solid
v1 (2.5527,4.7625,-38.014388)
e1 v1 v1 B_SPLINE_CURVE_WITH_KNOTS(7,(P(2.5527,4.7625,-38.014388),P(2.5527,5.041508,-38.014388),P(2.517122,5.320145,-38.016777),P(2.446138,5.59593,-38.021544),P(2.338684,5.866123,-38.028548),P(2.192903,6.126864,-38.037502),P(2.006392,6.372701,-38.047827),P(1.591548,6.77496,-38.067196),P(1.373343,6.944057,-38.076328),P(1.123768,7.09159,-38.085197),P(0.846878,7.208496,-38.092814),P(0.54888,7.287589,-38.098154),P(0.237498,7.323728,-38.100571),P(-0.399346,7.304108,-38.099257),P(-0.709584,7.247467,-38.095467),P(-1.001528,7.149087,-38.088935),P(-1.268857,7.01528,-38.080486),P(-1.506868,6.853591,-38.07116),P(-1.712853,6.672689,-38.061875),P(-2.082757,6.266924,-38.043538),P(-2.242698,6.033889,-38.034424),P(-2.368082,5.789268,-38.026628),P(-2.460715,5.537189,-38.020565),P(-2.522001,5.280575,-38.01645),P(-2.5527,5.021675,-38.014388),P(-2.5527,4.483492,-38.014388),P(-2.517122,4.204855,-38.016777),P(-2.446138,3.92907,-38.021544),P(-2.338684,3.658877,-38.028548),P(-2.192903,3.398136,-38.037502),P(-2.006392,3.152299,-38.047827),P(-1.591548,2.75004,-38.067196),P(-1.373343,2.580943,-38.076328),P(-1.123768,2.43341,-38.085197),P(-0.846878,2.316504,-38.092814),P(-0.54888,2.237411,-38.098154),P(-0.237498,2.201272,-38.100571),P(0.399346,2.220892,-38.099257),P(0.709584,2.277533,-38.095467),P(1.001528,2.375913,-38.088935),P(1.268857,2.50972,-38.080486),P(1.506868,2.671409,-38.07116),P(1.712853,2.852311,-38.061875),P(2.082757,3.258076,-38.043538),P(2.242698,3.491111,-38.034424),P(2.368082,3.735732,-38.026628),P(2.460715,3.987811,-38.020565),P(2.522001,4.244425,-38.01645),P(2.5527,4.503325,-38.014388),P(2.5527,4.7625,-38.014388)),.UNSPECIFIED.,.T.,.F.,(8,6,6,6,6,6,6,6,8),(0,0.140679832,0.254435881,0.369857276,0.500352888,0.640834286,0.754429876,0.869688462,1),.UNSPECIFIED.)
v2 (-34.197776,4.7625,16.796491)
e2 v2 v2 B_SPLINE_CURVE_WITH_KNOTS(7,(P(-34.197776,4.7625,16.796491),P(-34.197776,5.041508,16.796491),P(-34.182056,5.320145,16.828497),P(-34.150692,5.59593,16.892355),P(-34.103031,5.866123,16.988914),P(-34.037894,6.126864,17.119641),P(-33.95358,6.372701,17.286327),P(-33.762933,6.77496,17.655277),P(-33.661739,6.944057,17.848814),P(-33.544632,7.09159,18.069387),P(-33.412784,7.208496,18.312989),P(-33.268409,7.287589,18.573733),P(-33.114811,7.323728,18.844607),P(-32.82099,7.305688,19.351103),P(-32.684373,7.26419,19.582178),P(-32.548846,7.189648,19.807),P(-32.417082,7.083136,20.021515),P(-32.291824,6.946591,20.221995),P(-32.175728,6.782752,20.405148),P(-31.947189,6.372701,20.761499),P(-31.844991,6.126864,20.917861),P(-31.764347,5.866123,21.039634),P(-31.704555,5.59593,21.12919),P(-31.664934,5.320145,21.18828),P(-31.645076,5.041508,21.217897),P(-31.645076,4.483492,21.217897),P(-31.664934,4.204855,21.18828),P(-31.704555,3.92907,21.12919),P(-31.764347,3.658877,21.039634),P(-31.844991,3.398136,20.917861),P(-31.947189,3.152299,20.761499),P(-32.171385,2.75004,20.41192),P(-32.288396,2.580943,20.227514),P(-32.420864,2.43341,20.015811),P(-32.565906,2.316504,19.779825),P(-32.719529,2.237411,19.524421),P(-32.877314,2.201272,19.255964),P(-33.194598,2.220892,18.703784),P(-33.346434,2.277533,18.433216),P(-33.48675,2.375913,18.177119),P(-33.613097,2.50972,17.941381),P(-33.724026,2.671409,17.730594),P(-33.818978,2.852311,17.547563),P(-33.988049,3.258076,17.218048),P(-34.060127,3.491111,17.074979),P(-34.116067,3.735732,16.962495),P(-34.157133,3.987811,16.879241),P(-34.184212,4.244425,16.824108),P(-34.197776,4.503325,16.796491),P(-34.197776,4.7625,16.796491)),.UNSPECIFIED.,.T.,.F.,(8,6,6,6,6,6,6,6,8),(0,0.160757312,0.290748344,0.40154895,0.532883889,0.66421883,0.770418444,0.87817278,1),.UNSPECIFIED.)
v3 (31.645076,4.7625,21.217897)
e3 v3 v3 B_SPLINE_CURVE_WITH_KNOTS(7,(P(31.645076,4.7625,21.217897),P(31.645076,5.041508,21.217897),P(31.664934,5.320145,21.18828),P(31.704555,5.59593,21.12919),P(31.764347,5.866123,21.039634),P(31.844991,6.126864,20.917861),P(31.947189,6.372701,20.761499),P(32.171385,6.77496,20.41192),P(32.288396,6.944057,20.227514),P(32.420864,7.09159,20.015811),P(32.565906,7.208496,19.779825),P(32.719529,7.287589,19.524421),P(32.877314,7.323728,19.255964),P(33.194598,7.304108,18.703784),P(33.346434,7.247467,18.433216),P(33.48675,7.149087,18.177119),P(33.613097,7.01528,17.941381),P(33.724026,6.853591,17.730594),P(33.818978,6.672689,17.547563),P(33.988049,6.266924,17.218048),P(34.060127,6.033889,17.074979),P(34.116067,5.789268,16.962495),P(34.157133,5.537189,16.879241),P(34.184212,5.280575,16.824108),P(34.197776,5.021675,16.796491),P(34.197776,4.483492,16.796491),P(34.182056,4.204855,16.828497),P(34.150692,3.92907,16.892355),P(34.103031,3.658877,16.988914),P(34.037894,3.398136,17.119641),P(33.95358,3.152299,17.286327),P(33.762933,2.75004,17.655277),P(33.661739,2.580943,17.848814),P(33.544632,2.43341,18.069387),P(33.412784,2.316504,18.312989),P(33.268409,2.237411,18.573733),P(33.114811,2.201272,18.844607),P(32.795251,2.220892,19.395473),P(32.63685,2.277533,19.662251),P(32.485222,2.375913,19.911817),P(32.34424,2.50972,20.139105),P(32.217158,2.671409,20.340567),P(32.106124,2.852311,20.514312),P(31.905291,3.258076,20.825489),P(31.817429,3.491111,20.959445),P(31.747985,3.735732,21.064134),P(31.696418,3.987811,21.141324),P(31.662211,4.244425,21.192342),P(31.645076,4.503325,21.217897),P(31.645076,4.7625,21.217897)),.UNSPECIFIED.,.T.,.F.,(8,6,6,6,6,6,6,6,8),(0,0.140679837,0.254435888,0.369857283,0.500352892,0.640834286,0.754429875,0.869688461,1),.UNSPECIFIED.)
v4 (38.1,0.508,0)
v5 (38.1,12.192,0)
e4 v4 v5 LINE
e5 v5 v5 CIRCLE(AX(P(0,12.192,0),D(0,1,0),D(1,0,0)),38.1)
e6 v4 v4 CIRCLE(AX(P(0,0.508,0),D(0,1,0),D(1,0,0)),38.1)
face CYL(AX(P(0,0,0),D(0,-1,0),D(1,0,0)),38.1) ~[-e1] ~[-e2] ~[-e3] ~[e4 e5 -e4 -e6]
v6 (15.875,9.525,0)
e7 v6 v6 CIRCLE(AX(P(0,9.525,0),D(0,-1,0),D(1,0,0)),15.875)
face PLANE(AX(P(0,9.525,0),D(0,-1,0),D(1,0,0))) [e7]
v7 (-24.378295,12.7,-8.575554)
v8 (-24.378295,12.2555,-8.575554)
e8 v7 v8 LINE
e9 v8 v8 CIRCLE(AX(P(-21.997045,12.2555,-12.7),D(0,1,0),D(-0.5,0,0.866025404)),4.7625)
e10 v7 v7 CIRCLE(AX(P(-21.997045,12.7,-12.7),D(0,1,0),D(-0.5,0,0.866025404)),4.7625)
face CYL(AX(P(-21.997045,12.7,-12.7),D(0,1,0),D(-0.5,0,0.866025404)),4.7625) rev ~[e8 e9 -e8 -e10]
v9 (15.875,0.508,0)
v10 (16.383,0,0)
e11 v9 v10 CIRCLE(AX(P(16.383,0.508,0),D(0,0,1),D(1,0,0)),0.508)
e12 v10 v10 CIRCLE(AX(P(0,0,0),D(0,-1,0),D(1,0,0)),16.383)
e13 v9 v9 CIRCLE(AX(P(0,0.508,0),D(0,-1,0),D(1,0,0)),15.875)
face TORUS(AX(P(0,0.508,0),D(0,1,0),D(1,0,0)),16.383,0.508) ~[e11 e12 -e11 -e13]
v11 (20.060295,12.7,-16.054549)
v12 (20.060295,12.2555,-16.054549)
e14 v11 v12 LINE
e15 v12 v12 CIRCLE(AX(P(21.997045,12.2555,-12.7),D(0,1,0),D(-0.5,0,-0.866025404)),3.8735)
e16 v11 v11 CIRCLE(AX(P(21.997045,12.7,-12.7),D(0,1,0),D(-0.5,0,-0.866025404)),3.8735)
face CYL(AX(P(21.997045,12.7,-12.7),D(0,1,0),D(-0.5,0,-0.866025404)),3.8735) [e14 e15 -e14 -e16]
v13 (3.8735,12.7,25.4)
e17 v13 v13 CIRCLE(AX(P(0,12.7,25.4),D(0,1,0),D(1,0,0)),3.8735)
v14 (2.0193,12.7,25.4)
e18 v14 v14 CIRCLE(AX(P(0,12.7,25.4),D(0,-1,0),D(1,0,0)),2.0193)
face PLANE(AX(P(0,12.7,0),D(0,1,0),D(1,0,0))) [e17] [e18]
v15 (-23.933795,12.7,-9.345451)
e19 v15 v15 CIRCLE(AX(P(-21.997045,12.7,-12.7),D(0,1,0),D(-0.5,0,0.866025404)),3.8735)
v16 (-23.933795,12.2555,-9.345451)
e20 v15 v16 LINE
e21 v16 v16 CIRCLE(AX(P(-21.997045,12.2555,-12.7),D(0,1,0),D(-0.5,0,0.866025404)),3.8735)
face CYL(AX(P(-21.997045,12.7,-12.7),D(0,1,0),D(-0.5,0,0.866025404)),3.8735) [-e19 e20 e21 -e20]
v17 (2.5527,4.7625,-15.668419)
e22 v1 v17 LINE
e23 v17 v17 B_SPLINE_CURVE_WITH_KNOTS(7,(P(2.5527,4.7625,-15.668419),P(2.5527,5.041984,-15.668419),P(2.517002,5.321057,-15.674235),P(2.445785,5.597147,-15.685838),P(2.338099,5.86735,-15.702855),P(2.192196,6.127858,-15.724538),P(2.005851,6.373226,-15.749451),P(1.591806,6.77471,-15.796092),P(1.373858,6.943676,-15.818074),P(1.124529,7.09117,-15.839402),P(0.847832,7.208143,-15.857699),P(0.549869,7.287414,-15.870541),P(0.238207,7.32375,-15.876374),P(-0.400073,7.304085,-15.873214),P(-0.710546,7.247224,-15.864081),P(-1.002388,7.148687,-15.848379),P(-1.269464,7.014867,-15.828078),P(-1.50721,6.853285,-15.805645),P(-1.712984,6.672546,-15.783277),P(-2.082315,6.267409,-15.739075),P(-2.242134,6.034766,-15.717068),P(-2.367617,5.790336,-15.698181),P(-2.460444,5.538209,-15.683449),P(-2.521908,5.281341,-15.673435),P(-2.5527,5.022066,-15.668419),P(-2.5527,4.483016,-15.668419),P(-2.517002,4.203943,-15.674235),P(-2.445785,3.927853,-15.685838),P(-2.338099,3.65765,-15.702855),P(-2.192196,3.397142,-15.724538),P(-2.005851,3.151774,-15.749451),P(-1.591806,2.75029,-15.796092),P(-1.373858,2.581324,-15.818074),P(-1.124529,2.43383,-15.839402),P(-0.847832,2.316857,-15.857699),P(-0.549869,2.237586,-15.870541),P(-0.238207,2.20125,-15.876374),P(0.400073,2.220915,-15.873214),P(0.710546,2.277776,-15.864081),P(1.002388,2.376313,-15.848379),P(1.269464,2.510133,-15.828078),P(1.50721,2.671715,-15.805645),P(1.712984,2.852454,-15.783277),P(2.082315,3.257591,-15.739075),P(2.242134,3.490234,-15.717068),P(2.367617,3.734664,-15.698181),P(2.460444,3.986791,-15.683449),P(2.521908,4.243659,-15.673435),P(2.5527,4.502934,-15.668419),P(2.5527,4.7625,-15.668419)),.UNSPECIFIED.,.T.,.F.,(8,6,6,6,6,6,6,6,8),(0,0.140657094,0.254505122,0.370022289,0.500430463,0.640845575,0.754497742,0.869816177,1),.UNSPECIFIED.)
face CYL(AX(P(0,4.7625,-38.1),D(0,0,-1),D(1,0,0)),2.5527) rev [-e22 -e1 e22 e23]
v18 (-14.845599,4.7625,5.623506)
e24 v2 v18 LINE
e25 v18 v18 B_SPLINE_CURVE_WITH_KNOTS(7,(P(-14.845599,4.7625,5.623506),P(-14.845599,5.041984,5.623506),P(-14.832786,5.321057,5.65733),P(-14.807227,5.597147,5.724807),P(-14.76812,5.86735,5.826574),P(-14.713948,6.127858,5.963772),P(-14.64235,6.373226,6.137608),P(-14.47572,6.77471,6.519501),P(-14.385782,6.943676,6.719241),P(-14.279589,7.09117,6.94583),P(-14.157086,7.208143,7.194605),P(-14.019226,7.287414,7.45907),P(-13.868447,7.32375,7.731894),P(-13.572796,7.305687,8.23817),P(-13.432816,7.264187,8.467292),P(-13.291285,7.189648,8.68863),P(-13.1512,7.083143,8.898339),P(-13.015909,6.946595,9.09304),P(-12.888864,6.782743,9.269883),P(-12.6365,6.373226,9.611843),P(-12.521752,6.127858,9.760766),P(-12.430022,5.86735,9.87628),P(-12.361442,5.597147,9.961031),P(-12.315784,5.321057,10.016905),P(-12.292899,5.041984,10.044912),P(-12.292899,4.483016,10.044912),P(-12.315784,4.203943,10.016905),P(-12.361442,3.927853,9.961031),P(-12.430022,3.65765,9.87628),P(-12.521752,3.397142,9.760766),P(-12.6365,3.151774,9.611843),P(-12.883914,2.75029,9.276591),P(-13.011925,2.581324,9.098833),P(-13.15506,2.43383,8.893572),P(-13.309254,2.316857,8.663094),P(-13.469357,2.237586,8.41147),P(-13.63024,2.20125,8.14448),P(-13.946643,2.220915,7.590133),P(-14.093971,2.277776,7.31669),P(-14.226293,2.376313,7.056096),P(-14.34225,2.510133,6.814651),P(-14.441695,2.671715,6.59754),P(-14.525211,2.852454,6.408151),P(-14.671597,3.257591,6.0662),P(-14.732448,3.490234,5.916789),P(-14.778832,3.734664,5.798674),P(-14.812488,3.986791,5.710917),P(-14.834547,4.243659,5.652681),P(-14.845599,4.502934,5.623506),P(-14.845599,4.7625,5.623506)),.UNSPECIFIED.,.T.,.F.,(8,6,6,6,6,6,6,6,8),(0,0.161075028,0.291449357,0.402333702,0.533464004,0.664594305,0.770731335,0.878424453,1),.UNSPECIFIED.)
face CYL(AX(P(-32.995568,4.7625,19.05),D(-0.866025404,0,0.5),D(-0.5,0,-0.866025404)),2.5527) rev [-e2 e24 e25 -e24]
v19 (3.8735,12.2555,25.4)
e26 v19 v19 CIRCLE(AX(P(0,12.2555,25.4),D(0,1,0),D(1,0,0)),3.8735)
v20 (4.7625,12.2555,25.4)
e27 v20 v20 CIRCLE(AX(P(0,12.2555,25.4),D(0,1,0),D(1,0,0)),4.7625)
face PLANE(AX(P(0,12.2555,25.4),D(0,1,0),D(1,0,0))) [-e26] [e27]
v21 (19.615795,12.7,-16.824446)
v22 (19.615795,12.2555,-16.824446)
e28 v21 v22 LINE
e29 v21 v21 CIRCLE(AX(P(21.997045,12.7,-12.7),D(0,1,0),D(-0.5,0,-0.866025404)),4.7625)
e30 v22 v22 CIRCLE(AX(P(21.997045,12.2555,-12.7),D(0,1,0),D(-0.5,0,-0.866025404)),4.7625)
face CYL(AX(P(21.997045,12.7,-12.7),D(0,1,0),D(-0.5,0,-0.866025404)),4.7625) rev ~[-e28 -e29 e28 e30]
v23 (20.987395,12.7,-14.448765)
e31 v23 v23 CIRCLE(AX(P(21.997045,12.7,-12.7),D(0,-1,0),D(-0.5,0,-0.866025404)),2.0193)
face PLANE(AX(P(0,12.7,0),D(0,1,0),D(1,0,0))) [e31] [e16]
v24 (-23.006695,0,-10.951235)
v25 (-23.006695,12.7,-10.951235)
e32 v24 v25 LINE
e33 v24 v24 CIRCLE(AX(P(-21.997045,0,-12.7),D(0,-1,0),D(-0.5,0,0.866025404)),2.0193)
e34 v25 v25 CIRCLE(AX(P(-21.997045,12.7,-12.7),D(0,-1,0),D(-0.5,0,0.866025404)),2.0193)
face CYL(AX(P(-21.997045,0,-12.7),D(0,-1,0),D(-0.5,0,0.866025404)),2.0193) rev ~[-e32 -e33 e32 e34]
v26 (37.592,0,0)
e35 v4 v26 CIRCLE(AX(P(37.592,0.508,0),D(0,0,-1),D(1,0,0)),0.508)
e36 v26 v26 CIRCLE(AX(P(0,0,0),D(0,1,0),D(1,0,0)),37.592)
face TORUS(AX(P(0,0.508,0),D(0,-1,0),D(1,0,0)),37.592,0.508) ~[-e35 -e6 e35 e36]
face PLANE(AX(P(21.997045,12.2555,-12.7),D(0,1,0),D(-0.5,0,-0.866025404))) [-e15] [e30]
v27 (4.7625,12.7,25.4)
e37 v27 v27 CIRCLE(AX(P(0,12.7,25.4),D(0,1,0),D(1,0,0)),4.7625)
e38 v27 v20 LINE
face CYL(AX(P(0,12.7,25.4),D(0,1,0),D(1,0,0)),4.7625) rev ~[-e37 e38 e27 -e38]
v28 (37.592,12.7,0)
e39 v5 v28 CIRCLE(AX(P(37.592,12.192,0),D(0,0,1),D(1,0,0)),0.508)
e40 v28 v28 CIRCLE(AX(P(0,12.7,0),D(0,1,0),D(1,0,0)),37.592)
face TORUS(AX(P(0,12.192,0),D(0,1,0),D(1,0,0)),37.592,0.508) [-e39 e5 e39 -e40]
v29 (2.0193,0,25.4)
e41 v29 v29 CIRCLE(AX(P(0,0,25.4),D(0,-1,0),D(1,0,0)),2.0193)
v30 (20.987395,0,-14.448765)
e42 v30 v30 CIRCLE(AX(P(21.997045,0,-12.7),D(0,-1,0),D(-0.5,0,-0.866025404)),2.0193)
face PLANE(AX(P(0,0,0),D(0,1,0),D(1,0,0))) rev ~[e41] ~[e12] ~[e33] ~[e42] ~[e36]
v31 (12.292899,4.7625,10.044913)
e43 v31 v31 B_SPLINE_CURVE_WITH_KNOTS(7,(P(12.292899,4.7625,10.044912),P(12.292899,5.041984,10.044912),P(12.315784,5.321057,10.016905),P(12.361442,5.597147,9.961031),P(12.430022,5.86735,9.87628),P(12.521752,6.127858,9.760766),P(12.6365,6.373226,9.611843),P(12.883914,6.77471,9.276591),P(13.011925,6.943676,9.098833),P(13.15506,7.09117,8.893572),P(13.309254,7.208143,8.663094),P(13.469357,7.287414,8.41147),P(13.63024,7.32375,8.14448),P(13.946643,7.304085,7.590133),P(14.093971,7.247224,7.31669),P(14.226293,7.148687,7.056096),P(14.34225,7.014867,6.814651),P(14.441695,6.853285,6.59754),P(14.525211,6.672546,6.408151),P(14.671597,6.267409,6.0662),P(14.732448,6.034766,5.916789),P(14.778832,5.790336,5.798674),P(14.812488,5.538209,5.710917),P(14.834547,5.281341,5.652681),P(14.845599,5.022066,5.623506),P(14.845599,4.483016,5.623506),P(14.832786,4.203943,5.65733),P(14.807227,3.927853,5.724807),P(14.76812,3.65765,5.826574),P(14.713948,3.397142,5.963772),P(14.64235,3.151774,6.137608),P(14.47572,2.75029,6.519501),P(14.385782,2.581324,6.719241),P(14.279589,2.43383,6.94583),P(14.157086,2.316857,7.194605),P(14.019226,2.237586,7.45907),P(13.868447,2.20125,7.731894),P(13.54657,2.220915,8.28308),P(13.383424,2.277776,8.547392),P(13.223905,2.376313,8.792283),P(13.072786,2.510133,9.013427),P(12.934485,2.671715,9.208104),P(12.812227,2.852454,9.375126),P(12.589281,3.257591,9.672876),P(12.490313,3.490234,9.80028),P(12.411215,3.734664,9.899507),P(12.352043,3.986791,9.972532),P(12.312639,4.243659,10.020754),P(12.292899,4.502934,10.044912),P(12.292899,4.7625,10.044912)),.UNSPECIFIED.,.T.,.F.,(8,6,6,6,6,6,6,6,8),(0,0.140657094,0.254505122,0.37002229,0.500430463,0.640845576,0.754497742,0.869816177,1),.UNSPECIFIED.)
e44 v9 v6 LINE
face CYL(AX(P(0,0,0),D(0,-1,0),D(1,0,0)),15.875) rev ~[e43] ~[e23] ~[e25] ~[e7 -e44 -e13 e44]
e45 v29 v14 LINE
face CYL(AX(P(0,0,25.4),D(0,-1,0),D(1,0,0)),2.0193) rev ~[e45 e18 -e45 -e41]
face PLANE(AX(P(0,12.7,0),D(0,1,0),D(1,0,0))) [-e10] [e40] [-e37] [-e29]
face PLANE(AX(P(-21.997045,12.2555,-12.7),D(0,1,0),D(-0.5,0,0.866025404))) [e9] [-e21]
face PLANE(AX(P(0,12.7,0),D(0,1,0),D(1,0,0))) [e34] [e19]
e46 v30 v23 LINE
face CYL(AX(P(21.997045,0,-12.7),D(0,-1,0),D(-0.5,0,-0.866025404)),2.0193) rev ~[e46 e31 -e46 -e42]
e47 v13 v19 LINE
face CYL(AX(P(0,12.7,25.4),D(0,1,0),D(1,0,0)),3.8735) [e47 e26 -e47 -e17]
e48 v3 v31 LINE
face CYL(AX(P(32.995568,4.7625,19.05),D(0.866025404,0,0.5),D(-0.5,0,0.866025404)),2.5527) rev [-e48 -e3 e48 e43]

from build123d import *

# Parameters (mm, degrees)
SKETCH1_R           = 38.1
BOSS_EXTRUDE1_DEPTH = 12.7
SKETCH2_R           = 15.875
CUT_EXTRUDE1_DEPTH  = 9.525
SKETCH3_R           = 2.0193
CUT_EXTRUDE2_DEPTH  = 12.7
CIRPATTERN1_COUNT   = 3
CUT_EXTRUDE3_START  = -38.1
SKETCH4_R           = 2.5527
CUT_EXTRUDE3_DEPTH  = 22.431581
CIRPATTERN2_COUNT   = 3
FILLET1_R           = 0.508
SKETCH5_R           = 4.7625
SKETCH5_R_2         = 3.8735
CUT_EXTRUDE4_DEPTH  = 0.4445
CIRPATTERN3_COUNT   = 3


with BuildPart() as part:
    # Sketch1 → Boss-Extrude1 (new body)
    with BuildSketch(Plane(origin=(0, 0, 0), x_dir=(1, 0, 0), z_dir=(0, 1, 0))):
        Circle(SKETCH1_R)
    extrude(amount=BOSS_EXTRUDE1_DEPTH)

    # Sketch2 → Cut-Extrude1 (cut)
    with BuildSketch(Plane.XZ):
        Circle(SKETCH2_R)
    extrude(amount=-CUT_EXTRUDE1_DEPTH, mode=Mode.SUBTRACT)

    # Sketch3 → Cut-Extrude2 (cut)
    with BuildSketch(Plane.XZ):
        with Locations((0, 25.4)):
            Circle(SKETCH3_R)
    cut_extrude2 = extrude(amount=-CUT_EXTRUDE2_DEPTH, mode=Mode.SUBTRACT)

    # CirPattern1: Cut-Extrude2 ×3 about axis
    cirpattern1_axis = Axis((0, 0, 0), (0, 1, 0))
    for i in range(1, CIRPATTERN1_COUNT):
        add(cut_extrude2.rotate(cirpattern1_axis, i * 360 / CIRPATTERN1_COUNT), mode=Mode.SUBTRACT)

    # Sketch4 → Cut-Extrude3 (cut)
    with BuildSketch(Plane.XY.offset(CUT_EXTRUDE3_START)):
        with Locations((0, 4.7625)):
            Circle(SKETCH4_R)
    cut_extrude3 = extrude(amount=CUT_EXTRUDE3_DEPTH, mode=Mode.SUBTRACT)

    # CirPattern2: Cut-Extrude3 ×3 about axis
    cirpattern2_axis = Axis((0, 0, 0), (0, 1, 0))
    for i in range(1, CIRPATTERN2_COUNT):
        add(cut_extrude3.rotate(cirpattern2_axis, i * 360 / CIRPATTERN2_COUNT), mode=Mode.SUBTRACT)

    # Fillet1
    fillet1_edges = [part.edges().sort_by_distance(p)[0] for p in [
        (-38.1, 0, 0),
        (-38.1, 12.7, 0),
        (-15.875, 0, 0),
    ]]
    fillet(fillet1_edges, radius=FILLET1_R)

    # Sketch5 → Cut-Extrude4 (cut)
    with BuildSketch(Plane(origin=(0, 12.7, 0), x_dir=(1, 0, 0), z_dir=(0, 1, 0))):
        with Locations((0, -25.4)):
            Circle(SKETCH5_R)
        with Locations((0, -25.4)):
            Circle(SKETCH5_R_2, mode=Mode.SUBTRACT)
    cut_extrude4 = extrude(amount=-CUT_EXTRUDE4_DEPTH, mode=Mode.SUBTRACT)

    # CirPattern3: Cut-Extrude4 ×3 about axis
    cirpattern3_axis = Axis((0, 0, 0), (0, 1, 0))
    for i in range(1, CIRPATTERN3_COUNT):
        add(cut_extrude4.rotate(cirpattern3_axis, i * 360 / CIRPATTERN3_COUNT), mode=Mode.SUBTRACT)


solid = part.part
